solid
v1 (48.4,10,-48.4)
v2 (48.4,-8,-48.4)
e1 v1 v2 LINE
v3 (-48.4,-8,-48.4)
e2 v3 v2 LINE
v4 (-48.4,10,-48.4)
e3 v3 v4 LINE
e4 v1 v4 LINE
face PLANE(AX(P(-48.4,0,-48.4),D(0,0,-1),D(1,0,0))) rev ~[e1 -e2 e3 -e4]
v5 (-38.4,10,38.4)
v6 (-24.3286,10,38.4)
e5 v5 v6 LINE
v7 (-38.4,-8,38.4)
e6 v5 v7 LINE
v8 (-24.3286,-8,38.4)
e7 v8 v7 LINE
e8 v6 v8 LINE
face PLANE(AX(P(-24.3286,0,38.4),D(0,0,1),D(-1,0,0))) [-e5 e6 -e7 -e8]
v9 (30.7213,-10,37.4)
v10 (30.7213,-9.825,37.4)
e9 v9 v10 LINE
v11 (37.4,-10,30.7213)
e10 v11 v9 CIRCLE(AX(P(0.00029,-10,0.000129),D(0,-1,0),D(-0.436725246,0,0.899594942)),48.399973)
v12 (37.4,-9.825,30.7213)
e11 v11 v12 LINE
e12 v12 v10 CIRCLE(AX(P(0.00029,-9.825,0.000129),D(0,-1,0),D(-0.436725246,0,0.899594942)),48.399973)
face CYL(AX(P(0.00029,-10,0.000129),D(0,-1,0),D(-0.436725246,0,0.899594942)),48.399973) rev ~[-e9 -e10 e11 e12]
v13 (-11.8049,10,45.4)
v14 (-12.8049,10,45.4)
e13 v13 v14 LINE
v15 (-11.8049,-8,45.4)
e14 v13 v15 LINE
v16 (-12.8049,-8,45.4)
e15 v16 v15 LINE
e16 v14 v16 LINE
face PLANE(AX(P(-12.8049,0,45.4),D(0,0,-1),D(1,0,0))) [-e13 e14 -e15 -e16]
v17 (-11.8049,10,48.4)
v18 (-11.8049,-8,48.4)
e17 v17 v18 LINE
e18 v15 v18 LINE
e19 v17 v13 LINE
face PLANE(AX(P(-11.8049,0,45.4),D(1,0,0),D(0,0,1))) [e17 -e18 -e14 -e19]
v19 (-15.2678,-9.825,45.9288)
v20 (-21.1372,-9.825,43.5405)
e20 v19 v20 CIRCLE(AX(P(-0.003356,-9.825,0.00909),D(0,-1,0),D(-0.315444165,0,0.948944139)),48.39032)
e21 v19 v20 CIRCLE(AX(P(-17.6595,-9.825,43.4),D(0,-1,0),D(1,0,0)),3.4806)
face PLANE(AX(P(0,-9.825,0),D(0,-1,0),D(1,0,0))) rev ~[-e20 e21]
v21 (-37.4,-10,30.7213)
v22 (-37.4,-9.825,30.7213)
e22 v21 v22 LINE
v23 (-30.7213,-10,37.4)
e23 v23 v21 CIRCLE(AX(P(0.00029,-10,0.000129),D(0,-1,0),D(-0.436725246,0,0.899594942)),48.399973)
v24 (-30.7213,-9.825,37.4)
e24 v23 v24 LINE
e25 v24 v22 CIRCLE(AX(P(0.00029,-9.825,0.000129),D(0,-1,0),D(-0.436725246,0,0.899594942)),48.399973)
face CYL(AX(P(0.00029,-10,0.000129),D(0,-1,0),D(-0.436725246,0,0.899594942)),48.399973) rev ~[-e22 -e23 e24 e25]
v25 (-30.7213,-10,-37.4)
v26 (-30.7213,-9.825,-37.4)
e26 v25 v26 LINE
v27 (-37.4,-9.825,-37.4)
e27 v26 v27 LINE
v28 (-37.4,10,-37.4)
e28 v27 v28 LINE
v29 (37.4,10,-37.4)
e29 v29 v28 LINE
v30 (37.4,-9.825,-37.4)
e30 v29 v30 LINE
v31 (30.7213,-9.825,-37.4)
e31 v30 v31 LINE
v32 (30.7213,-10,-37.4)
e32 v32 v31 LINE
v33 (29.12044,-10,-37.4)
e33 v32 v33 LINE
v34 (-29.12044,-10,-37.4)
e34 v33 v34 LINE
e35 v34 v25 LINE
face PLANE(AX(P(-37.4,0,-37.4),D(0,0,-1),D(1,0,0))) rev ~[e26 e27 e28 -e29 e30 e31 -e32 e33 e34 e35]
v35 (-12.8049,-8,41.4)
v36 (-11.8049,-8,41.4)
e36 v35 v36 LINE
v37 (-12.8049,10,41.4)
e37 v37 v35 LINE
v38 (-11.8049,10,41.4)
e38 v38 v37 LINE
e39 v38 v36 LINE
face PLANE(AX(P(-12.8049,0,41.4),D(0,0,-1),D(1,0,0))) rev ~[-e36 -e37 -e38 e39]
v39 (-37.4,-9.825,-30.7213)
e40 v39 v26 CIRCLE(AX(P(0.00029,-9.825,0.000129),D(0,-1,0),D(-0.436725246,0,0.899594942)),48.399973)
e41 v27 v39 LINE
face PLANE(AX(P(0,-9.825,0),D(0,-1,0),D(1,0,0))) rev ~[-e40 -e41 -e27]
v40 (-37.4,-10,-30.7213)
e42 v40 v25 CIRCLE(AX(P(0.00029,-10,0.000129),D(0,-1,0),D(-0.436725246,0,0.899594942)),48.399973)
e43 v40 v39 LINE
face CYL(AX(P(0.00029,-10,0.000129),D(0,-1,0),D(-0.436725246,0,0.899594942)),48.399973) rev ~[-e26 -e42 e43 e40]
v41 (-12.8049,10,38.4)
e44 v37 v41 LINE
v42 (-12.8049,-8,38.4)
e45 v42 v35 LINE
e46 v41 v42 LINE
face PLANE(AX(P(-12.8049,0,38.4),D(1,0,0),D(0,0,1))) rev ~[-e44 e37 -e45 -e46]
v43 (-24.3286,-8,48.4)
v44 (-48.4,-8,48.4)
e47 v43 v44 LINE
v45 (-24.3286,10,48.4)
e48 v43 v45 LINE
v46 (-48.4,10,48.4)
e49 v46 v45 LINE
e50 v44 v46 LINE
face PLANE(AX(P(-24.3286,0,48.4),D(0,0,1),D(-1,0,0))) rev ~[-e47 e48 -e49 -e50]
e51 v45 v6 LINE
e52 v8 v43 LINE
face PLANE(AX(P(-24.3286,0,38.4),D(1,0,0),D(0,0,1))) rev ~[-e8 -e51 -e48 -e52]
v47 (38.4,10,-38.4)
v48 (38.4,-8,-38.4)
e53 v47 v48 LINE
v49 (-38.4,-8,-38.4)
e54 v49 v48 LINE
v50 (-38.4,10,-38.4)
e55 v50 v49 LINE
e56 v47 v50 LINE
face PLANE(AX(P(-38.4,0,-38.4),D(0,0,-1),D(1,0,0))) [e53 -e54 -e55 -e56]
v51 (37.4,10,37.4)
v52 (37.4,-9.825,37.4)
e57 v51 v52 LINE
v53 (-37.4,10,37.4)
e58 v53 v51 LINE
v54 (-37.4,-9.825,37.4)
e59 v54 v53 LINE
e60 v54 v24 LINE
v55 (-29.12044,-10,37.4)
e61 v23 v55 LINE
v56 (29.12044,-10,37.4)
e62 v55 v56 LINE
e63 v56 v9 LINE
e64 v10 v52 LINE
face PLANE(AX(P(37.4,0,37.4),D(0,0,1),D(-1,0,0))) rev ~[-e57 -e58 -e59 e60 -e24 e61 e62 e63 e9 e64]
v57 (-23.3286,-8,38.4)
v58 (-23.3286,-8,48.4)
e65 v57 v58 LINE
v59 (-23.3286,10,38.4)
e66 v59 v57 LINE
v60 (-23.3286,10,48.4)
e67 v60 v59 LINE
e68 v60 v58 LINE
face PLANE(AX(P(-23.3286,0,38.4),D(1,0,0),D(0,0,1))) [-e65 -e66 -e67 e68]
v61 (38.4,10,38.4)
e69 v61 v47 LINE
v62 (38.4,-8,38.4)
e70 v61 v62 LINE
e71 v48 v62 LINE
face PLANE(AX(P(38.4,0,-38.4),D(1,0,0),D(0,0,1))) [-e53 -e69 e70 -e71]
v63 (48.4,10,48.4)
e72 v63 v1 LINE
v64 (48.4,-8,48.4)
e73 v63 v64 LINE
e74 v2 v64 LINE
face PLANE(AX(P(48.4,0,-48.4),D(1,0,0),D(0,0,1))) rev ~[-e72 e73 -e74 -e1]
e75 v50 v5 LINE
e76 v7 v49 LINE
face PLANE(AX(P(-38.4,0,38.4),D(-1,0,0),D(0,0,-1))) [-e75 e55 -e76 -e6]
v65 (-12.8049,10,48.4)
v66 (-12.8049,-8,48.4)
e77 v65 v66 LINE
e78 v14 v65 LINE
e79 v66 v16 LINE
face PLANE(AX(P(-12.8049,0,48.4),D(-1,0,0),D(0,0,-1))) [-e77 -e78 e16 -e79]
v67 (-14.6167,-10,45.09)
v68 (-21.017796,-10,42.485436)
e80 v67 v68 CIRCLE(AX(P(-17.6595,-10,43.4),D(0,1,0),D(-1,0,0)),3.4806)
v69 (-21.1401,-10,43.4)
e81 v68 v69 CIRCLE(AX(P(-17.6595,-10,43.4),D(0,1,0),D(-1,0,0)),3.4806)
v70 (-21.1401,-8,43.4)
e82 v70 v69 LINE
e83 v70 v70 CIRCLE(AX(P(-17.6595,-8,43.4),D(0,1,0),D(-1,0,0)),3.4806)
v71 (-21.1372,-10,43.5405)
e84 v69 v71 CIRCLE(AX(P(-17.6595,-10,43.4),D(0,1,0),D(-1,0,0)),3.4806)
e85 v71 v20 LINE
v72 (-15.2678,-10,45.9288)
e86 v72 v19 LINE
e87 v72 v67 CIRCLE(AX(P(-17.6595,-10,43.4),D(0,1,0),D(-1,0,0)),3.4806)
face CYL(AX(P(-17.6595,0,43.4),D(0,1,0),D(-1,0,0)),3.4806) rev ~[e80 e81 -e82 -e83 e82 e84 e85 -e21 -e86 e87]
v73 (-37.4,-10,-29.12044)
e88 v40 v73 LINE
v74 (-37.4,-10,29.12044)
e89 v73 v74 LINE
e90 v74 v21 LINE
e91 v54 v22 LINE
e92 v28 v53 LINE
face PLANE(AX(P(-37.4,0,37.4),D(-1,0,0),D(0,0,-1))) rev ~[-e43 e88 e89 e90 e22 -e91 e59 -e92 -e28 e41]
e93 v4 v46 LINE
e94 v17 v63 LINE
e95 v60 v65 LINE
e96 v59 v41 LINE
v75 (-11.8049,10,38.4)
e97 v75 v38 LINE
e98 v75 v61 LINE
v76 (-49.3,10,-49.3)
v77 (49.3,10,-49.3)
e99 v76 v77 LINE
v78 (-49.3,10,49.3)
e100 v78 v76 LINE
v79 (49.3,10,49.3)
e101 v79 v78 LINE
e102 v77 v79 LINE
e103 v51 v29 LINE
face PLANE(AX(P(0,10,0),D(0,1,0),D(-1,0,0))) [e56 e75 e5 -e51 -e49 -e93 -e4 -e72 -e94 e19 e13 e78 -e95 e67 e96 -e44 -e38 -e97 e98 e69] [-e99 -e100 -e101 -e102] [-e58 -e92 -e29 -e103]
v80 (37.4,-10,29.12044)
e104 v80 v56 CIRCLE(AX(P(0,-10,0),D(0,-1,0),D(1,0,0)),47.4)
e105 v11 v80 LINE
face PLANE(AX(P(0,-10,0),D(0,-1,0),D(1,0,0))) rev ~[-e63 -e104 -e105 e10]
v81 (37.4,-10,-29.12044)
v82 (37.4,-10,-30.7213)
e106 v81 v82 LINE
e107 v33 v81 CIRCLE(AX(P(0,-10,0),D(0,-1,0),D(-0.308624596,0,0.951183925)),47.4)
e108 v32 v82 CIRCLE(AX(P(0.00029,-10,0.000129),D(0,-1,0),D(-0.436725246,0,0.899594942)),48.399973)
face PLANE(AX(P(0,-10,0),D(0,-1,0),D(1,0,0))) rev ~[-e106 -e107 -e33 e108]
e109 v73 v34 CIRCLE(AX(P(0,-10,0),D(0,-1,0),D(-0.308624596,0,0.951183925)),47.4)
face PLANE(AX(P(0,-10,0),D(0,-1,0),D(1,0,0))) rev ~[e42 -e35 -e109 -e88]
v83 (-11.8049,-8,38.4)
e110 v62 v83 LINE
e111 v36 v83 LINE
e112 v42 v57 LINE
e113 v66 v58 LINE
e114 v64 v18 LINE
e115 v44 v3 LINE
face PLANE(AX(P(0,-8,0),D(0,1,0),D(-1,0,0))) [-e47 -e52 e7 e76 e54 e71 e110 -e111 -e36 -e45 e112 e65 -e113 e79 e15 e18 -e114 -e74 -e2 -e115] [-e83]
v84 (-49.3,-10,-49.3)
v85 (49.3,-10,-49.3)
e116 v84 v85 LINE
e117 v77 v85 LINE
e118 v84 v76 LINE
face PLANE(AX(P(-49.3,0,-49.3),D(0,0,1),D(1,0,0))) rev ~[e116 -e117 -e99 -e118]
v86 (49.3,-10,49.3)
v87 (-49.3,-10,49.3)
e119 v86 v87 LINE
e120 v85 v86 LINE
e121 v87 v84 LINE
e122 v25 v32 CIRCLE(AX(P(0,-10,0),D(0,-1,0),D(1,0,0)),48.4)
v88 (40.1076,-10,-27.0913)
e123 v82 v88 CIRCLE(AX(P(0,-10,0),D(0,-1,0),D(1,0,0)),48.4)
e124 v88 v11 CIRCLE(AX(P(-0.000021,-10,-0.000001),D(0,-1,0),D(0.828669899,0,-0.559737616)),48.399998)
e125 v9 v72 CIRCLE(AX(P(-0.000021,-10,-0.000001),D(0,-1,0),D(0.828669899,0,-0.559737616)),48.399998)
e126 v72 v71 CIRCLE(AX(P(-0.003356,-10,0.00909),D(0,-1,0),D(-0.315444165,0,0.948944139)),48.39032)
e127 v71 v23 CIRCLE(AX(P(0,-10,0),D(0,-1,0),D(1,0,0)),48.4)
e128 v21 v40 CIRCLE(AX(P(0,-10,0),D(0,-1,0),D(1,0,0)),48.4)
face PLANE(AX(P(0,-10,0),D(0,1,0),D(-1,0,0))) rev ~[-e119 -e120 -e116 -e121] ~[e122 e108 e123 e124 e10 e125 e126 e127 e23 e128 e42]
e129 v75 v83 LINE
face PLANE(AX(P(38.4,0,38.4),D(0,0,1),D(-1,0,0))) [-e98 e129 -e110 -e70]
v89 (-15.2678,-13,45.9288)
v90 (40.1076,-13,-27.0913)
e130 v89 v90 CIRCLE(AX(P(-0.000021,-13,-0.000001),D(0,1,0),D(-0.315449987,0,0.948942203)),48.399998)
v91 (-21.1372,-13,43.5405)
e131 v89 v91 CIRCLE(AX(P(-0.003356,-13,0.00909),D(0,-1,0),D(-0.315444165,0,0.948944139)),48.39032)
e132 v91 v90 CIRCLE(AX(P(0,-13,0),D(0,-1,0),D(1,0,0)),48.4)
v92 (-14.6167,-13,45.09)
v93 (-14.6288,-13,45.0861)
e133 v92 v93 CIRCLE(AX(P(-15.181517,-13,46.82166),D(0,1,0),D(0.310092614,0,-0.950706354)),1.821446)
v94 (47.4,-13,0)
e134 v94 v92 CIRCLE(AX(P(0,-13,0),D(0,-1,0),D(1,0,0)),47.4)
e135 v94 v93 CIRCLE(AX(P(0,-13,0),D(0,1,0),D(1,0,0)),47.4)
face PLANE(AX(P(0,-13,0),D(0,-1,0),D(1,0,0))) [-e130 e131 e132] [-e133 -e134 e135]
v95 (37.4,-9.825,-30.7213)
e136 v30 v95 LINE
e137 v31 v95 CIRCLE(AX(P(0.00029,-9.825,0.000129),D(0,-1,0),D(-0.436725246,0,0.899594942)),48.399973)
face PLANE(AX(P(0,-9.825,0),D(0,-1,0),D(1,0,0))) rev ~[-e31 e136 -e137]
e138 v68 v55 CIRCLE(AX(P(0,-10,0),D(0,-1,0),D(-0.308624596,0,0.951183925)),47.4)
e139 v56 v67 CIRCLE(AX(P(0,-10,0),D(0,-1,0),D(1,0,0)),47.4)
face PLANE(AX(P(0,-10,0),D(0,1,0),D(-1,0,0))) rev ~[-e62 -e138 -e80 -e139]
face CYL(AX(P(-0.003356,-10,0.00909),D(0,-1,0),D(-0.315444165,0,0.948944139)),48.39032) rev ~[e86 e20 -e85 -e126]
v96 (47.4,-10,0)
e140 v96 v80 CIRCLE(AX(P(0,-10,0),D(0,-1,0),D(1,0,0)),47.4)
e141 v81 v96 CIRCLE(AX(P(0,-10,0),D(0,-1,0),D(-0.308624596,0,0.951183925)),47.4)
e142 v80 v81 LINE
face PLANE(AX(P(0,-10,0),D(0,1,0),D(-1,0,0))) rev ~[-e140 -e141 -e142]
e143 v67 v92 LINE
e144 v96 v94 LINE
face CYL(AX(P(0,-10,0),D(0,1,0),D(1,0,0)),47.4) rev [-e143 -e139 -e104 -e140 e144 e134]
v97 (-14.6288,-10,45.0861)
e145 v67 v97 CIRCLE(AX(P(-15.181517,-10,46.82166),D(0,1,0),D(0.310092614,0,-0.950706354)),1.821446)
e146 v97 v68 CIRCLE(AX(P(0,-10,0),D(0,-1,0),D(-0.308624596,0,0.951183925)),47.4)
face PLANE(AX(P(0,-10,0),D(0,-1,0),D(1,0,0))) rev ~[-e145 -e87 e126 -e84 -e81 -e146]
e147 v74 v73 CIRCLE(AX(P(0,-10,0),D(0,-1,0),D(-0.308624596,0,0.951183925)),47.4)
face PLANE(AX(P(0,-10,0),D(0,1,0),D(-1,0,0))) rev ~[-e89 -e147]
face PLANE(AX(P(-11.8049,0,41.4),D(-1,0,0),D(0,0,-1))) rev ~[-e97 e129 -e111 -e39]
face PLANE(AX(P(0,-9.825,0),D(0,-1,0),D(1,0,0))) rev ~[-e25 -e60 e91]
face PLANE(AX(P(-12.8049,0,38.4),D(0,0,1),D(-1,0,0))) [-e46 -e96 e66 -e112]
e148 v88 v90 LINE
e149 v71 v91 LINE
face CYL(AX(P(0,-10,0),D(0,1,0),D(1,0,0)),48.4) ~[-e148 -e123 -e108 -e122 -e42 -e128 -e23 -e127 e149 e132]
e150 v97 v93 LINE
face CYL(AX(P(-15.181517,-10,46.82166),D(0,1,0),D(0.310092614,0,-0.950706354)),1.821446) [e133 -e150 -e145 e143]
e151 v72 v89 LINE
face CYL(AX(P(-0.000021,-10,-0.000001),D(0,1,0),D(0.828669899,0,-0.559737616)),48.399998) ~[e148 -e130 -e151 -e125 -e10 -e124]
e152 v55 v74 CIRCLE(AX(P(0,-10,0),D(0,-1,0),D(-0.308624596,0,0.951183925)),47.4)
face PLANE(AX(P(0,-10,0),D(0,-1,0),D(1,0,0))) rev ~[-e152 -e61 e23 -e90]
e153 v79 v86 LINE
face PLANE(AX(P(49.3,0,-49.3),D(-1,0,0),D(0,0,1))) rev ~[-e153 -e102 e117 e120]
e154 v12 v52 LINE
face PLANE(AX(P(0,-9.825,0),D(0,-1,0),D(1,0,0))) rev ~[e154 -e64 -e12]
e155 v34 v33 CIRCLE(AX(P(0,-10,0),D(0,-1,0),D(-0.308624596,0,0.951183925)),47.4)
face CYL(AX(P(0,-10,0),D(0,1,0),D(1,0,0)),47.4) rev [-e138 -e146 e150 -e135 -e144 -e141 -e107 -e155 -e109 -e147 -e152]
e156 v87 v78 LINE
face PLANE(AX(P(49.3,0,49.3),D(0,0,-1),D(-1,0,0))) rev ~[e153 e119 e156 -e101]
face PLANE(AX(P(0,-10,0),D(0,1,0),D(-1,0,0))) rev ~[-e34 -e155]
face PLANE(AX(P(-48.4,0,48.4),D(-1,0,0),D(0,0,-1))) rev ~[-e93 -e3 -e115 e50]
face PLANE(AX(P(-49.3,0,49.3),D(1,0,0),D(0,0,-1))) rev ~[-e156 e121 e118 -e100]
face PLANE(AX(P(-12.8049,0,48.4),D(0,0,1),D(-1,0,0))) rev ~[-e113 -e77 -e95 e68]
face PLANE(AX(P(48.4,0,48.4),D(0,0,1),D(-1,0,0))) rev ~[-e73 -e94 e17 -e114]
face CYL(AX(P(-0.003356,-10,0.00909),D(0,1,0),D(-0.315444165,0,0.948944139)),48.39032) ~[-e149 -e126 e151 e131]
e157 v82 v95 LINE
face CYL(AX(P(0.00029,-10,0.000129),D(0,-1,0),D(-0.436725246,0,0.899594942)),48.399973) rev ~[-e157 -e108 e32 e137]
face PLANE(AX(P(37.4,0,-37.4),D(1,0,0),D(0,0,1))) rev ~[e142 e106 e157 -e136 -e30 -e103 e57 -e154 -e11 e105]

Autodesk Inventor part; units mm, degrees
ref_plane "YZ Plane" through (0, 0, 0) normal (1, 0, 0) x (0, 1, 0)
ref_plane "XZ Plane" through (0, 0, 0) normal (0, 1, 0) x (-1, 0, 0)
ref_plane "XY Plane" through (0, 0, 0) normal (0, 0, 1) x (1, 0, 0)
sketch "Sketch1" plane through (0, 0, 0) normal (0, 1, 0) x (-1, 0, 0)
  line L0 (49.3, -49.3) -> (-49.3, -49.3)
  line L1 (-49.3, -49.3) -> (-49.3, 49.3)
  line L2 (-49.3, 49.3) -> (49.3, 49.3)
  line L3 (49.3, 49.3) -> (49.3, -49.3)
  line L4 (49.3, -49.3) -> (-49.3, 49.3) construction
  line L5 (-49.3, -49.3) -> (49.3, 49.3) construction
  line L6 (48.4, -48.4) -> (-48.4, -48.4)
  line L7 (-48.4, -48.4) -> (-48.4, 48.4)
  line L8 (-48.4, 48.4) -> (48.4, 48.4)
  line L9 (48.4, 48.4) -> (48.4, -48.4)
  line L10 (48.4, -48.4) -> (-48.4, 48.4) construction
  line L11 (-48.4, -48.4) -> (48.4, 48.4) construction
  line L12 (38.4, -38.4) -> (-38.4, -38.4)
  line L13 (-38.4, -38.4) -> (-38.4, 38.4)
  line L14 (-38.4, 38.4) -> (38.4, 38.4)
  line L15 (38.4, 38.4) -> (38.4, -38.4)
  line L16 (38.4, -38.4) -> (-38.4, 38.4) construction
  line L17 (-38.4, -38.4) -> (38.4, 38.4) construction
  line L18 (37.4, -37.4) -> (-37.4, -37.4)
  line L19 (-37.4, -37.4) -> (-37.4, 37.4)
  line L20 (-37.4, 37.4) -> (37.4, 37.4)
  line L21 (37.4, 37.4) -> (37.4, -37.4)
  line L22 (37.4, -37.4) -> (-37.4, 37.4) construction
  line L23 (-37.4, -37.4) -> (37.4, 37.4) construction
  line L24 (24.3286, 38.4) -> (24.3286, 48.4)
  line L25 (24.3286, 38.4) -> (23.3286, 38.4)
  line L26 (23.3286, 38.4) -> (23.3286, 48.4)
  line L27 (24.3286, 48.4) -> (23.3286, 48.4)
  circle A0 centre (17.6595, 43.4) radius 3.4806
  line L28 (12.8049, 38.4) -> (12.8049, 41.4)
  line L29 (12.8049, 41.4) -> (11.8049, 41.4)
  line L30 (11.8049, 41.4) -> (11.8049, 38.4)
  line L31 (12.8049, 48.4) -> (12.8049, 45.4)
  line L32 (12.8049, 45.4) -> (11.8049, 45.4)
  line L33 (11.8049, 45.4) -> (11.8049, 48.4)
  point P0 (0, 0)
  dimension "d0" = 98.6
  dimension "d1" = 98.6
  dimension "d2" = 96.8
  dimension "d3" = 96.8
  dimension "d4" = 76.8
  dimension "d5" = 76.8
  dimension "d6" = 74.8
  dimension "d7" = 74.8
  dimension "d8" = 10
  dimension "d9" = 1
  dimension "d10" = 3
  dimension "d11" = 1
  dimension "d12" = 3
extrude "Extrusion1" add sketch "Sketch1" along normal mid plane 20 contours L0 L1 L2 L3 | L6 L7 L8 L33 L32 L31 L26 L14 L28 L29 L30 L13 L12 L15 L24 L9 | L24 L14 L26 L8 | L8 L31 L32 L33 | L14 L15 L12 L13 | L14 L30 L29 L28 | L18 L19 L20 L21 | A0
extrude "Extrusion2" cut sketch "Sketch1" along normal mid plane 29.525 contours L18 L19 L20 L21
extrude "Extrusion3" cut sketch "Sketch1" along normal blind 29.525 and the other way blind 8 contours L6 L7 L8 L33 L32 L31 L26 L14 L28 L29 L30 L13 L12 L15 L24 L9
extrude "Extrusion4" cut sketch "Sketch1" along normal blind 29.525 and the other way blind 14.763 contours A0
sketch "Sketch2" plane through (0, -10, 0) normal (0, -1, 0) x (1, 0, 0)
  arc A0 (40.1076, -27.0913) -> (-15.2678, 45.9288) centre (0, 0) ccw
  arc A1 (-14.6167, 45.09) -> (-14.6288, 45.0861) centre (0, 0) ccw
  circle A2 centre (-17.6595, 43.4) radius 3.4806 projected
  line L0 (-14.6288, 45.0861) -> (-14.5793, 45.0208)
  circle A3 centre (0, 0) radius 47.4
  arc A4 (-15.2678, 45.9288) -> (-21.1372, 43.5405) centre (0, 0) ccw
  circle A5 centre (0, 0) radius 48.4
  arc A6 (-14.5793, 45.0208) -> (-14.6167, 45.09) centre (-17.6595, 43.4) ccw
  arc A7 (-15.2678, 45.9288) -> (-21.1372, 43.5405) centre (-17.6595, 43.4) ccw
  point P0 (-14.6167, 45.09)
  point P1 (-15.2678, 45.9288)
  point P2 (-14.6167, 45.09)
  dimension "d25" = 96.8
  dimension "d26" = 94.8
sketch "Sketch3" plane through (0, -10, 0) normal (0, -1, 0) x (1, 0, 0)
  arc A0 (-21.1372, 43.5405) -> (-15.2678, 45.9288) centre (0, 0) ccw projected
  line L0 (37.4, -37.4) -> (37.4, 37.4) projected
  line L1 (37.4, -29.1204) -> (37.4, -30.7213) projected
  line L2 (37.4, -30.7213) -> (37.4, -37.4)
  line L3 (37.4, -37.4) -> (-37.4, -37.4) projected
  line L4 (37.4, -37.4) -> (30.7213, -37.4)
  arc A1 (-37.4, -30.7213) -> (-30.7213, -37.4) centre (0, 0) ccw projected
  line L5 (-37.4, -37.4) -> (-30.7213, -37.4)
  arc A2 (-37.4, 30.7213) -> (-37.4, -30.7213) centre (0, 0) ccw projected
  line L6 (-37.4, -37.4) -> (-37.4, -30.7213)
  line L7 (-37.4, 37.4) -> (-37.4, -37.4) projected
  line L8 (-37.4, 30.7213) -> (-37.4, 37.4)
  line L9 (-37.4, 37.4) -> (37.4, 37.4) projected
  line L10 (-37.4, 37.4) -> (-30.7213, 37.4)
  arc A3 (37.4, 30.7213) -> (30.7213, 37.4) centre (0, 0) ccw projected
  line L11 (37.4, 37.4) -> (37.4, -37.4) projected
  line L12 (37.4, 30.7213) -> (37.4, 37.4)
  line L13 (-37.4, 37.4) -> (37.4, 37.4) projected
  line L14 (37.4, 37.4) -> (30.7213, 37.4)
  arc A4 (30.7213, -37.4) -> (37.4, -30.7213) centre (0, 0) ccw
  arc A5 (-37.4, -30.7213) -> (-30.7213, -37.4) centre (0, 0) ccw
  arc A6 (37.4, 30.7213) -> (30.7213, 37.4) centre (0, 0) ccw
  arc A7 (-30.7213, 37.4) -> (-37.4, 30.7213) centre (0, 0) ccw
  point P0 (37.4, 30.7213)
  point P1 (37.4, -30.7213)
extrude "Extrusion6" add sketch "Sketch3" against normal blind 0.175 contours A0 L7 L9 | L9 L0 A0 | A0 L3 L6 | L0 L3 A0
extrude "Extrusion8" add sketch "Sketch2" against normal blind 0.175 contours A2 A4
extrude "Extrusion9" add sketch "Sketch2" along normal blind 3 contours A5 A2 A3 A0 | A4 A2 A1 A3
